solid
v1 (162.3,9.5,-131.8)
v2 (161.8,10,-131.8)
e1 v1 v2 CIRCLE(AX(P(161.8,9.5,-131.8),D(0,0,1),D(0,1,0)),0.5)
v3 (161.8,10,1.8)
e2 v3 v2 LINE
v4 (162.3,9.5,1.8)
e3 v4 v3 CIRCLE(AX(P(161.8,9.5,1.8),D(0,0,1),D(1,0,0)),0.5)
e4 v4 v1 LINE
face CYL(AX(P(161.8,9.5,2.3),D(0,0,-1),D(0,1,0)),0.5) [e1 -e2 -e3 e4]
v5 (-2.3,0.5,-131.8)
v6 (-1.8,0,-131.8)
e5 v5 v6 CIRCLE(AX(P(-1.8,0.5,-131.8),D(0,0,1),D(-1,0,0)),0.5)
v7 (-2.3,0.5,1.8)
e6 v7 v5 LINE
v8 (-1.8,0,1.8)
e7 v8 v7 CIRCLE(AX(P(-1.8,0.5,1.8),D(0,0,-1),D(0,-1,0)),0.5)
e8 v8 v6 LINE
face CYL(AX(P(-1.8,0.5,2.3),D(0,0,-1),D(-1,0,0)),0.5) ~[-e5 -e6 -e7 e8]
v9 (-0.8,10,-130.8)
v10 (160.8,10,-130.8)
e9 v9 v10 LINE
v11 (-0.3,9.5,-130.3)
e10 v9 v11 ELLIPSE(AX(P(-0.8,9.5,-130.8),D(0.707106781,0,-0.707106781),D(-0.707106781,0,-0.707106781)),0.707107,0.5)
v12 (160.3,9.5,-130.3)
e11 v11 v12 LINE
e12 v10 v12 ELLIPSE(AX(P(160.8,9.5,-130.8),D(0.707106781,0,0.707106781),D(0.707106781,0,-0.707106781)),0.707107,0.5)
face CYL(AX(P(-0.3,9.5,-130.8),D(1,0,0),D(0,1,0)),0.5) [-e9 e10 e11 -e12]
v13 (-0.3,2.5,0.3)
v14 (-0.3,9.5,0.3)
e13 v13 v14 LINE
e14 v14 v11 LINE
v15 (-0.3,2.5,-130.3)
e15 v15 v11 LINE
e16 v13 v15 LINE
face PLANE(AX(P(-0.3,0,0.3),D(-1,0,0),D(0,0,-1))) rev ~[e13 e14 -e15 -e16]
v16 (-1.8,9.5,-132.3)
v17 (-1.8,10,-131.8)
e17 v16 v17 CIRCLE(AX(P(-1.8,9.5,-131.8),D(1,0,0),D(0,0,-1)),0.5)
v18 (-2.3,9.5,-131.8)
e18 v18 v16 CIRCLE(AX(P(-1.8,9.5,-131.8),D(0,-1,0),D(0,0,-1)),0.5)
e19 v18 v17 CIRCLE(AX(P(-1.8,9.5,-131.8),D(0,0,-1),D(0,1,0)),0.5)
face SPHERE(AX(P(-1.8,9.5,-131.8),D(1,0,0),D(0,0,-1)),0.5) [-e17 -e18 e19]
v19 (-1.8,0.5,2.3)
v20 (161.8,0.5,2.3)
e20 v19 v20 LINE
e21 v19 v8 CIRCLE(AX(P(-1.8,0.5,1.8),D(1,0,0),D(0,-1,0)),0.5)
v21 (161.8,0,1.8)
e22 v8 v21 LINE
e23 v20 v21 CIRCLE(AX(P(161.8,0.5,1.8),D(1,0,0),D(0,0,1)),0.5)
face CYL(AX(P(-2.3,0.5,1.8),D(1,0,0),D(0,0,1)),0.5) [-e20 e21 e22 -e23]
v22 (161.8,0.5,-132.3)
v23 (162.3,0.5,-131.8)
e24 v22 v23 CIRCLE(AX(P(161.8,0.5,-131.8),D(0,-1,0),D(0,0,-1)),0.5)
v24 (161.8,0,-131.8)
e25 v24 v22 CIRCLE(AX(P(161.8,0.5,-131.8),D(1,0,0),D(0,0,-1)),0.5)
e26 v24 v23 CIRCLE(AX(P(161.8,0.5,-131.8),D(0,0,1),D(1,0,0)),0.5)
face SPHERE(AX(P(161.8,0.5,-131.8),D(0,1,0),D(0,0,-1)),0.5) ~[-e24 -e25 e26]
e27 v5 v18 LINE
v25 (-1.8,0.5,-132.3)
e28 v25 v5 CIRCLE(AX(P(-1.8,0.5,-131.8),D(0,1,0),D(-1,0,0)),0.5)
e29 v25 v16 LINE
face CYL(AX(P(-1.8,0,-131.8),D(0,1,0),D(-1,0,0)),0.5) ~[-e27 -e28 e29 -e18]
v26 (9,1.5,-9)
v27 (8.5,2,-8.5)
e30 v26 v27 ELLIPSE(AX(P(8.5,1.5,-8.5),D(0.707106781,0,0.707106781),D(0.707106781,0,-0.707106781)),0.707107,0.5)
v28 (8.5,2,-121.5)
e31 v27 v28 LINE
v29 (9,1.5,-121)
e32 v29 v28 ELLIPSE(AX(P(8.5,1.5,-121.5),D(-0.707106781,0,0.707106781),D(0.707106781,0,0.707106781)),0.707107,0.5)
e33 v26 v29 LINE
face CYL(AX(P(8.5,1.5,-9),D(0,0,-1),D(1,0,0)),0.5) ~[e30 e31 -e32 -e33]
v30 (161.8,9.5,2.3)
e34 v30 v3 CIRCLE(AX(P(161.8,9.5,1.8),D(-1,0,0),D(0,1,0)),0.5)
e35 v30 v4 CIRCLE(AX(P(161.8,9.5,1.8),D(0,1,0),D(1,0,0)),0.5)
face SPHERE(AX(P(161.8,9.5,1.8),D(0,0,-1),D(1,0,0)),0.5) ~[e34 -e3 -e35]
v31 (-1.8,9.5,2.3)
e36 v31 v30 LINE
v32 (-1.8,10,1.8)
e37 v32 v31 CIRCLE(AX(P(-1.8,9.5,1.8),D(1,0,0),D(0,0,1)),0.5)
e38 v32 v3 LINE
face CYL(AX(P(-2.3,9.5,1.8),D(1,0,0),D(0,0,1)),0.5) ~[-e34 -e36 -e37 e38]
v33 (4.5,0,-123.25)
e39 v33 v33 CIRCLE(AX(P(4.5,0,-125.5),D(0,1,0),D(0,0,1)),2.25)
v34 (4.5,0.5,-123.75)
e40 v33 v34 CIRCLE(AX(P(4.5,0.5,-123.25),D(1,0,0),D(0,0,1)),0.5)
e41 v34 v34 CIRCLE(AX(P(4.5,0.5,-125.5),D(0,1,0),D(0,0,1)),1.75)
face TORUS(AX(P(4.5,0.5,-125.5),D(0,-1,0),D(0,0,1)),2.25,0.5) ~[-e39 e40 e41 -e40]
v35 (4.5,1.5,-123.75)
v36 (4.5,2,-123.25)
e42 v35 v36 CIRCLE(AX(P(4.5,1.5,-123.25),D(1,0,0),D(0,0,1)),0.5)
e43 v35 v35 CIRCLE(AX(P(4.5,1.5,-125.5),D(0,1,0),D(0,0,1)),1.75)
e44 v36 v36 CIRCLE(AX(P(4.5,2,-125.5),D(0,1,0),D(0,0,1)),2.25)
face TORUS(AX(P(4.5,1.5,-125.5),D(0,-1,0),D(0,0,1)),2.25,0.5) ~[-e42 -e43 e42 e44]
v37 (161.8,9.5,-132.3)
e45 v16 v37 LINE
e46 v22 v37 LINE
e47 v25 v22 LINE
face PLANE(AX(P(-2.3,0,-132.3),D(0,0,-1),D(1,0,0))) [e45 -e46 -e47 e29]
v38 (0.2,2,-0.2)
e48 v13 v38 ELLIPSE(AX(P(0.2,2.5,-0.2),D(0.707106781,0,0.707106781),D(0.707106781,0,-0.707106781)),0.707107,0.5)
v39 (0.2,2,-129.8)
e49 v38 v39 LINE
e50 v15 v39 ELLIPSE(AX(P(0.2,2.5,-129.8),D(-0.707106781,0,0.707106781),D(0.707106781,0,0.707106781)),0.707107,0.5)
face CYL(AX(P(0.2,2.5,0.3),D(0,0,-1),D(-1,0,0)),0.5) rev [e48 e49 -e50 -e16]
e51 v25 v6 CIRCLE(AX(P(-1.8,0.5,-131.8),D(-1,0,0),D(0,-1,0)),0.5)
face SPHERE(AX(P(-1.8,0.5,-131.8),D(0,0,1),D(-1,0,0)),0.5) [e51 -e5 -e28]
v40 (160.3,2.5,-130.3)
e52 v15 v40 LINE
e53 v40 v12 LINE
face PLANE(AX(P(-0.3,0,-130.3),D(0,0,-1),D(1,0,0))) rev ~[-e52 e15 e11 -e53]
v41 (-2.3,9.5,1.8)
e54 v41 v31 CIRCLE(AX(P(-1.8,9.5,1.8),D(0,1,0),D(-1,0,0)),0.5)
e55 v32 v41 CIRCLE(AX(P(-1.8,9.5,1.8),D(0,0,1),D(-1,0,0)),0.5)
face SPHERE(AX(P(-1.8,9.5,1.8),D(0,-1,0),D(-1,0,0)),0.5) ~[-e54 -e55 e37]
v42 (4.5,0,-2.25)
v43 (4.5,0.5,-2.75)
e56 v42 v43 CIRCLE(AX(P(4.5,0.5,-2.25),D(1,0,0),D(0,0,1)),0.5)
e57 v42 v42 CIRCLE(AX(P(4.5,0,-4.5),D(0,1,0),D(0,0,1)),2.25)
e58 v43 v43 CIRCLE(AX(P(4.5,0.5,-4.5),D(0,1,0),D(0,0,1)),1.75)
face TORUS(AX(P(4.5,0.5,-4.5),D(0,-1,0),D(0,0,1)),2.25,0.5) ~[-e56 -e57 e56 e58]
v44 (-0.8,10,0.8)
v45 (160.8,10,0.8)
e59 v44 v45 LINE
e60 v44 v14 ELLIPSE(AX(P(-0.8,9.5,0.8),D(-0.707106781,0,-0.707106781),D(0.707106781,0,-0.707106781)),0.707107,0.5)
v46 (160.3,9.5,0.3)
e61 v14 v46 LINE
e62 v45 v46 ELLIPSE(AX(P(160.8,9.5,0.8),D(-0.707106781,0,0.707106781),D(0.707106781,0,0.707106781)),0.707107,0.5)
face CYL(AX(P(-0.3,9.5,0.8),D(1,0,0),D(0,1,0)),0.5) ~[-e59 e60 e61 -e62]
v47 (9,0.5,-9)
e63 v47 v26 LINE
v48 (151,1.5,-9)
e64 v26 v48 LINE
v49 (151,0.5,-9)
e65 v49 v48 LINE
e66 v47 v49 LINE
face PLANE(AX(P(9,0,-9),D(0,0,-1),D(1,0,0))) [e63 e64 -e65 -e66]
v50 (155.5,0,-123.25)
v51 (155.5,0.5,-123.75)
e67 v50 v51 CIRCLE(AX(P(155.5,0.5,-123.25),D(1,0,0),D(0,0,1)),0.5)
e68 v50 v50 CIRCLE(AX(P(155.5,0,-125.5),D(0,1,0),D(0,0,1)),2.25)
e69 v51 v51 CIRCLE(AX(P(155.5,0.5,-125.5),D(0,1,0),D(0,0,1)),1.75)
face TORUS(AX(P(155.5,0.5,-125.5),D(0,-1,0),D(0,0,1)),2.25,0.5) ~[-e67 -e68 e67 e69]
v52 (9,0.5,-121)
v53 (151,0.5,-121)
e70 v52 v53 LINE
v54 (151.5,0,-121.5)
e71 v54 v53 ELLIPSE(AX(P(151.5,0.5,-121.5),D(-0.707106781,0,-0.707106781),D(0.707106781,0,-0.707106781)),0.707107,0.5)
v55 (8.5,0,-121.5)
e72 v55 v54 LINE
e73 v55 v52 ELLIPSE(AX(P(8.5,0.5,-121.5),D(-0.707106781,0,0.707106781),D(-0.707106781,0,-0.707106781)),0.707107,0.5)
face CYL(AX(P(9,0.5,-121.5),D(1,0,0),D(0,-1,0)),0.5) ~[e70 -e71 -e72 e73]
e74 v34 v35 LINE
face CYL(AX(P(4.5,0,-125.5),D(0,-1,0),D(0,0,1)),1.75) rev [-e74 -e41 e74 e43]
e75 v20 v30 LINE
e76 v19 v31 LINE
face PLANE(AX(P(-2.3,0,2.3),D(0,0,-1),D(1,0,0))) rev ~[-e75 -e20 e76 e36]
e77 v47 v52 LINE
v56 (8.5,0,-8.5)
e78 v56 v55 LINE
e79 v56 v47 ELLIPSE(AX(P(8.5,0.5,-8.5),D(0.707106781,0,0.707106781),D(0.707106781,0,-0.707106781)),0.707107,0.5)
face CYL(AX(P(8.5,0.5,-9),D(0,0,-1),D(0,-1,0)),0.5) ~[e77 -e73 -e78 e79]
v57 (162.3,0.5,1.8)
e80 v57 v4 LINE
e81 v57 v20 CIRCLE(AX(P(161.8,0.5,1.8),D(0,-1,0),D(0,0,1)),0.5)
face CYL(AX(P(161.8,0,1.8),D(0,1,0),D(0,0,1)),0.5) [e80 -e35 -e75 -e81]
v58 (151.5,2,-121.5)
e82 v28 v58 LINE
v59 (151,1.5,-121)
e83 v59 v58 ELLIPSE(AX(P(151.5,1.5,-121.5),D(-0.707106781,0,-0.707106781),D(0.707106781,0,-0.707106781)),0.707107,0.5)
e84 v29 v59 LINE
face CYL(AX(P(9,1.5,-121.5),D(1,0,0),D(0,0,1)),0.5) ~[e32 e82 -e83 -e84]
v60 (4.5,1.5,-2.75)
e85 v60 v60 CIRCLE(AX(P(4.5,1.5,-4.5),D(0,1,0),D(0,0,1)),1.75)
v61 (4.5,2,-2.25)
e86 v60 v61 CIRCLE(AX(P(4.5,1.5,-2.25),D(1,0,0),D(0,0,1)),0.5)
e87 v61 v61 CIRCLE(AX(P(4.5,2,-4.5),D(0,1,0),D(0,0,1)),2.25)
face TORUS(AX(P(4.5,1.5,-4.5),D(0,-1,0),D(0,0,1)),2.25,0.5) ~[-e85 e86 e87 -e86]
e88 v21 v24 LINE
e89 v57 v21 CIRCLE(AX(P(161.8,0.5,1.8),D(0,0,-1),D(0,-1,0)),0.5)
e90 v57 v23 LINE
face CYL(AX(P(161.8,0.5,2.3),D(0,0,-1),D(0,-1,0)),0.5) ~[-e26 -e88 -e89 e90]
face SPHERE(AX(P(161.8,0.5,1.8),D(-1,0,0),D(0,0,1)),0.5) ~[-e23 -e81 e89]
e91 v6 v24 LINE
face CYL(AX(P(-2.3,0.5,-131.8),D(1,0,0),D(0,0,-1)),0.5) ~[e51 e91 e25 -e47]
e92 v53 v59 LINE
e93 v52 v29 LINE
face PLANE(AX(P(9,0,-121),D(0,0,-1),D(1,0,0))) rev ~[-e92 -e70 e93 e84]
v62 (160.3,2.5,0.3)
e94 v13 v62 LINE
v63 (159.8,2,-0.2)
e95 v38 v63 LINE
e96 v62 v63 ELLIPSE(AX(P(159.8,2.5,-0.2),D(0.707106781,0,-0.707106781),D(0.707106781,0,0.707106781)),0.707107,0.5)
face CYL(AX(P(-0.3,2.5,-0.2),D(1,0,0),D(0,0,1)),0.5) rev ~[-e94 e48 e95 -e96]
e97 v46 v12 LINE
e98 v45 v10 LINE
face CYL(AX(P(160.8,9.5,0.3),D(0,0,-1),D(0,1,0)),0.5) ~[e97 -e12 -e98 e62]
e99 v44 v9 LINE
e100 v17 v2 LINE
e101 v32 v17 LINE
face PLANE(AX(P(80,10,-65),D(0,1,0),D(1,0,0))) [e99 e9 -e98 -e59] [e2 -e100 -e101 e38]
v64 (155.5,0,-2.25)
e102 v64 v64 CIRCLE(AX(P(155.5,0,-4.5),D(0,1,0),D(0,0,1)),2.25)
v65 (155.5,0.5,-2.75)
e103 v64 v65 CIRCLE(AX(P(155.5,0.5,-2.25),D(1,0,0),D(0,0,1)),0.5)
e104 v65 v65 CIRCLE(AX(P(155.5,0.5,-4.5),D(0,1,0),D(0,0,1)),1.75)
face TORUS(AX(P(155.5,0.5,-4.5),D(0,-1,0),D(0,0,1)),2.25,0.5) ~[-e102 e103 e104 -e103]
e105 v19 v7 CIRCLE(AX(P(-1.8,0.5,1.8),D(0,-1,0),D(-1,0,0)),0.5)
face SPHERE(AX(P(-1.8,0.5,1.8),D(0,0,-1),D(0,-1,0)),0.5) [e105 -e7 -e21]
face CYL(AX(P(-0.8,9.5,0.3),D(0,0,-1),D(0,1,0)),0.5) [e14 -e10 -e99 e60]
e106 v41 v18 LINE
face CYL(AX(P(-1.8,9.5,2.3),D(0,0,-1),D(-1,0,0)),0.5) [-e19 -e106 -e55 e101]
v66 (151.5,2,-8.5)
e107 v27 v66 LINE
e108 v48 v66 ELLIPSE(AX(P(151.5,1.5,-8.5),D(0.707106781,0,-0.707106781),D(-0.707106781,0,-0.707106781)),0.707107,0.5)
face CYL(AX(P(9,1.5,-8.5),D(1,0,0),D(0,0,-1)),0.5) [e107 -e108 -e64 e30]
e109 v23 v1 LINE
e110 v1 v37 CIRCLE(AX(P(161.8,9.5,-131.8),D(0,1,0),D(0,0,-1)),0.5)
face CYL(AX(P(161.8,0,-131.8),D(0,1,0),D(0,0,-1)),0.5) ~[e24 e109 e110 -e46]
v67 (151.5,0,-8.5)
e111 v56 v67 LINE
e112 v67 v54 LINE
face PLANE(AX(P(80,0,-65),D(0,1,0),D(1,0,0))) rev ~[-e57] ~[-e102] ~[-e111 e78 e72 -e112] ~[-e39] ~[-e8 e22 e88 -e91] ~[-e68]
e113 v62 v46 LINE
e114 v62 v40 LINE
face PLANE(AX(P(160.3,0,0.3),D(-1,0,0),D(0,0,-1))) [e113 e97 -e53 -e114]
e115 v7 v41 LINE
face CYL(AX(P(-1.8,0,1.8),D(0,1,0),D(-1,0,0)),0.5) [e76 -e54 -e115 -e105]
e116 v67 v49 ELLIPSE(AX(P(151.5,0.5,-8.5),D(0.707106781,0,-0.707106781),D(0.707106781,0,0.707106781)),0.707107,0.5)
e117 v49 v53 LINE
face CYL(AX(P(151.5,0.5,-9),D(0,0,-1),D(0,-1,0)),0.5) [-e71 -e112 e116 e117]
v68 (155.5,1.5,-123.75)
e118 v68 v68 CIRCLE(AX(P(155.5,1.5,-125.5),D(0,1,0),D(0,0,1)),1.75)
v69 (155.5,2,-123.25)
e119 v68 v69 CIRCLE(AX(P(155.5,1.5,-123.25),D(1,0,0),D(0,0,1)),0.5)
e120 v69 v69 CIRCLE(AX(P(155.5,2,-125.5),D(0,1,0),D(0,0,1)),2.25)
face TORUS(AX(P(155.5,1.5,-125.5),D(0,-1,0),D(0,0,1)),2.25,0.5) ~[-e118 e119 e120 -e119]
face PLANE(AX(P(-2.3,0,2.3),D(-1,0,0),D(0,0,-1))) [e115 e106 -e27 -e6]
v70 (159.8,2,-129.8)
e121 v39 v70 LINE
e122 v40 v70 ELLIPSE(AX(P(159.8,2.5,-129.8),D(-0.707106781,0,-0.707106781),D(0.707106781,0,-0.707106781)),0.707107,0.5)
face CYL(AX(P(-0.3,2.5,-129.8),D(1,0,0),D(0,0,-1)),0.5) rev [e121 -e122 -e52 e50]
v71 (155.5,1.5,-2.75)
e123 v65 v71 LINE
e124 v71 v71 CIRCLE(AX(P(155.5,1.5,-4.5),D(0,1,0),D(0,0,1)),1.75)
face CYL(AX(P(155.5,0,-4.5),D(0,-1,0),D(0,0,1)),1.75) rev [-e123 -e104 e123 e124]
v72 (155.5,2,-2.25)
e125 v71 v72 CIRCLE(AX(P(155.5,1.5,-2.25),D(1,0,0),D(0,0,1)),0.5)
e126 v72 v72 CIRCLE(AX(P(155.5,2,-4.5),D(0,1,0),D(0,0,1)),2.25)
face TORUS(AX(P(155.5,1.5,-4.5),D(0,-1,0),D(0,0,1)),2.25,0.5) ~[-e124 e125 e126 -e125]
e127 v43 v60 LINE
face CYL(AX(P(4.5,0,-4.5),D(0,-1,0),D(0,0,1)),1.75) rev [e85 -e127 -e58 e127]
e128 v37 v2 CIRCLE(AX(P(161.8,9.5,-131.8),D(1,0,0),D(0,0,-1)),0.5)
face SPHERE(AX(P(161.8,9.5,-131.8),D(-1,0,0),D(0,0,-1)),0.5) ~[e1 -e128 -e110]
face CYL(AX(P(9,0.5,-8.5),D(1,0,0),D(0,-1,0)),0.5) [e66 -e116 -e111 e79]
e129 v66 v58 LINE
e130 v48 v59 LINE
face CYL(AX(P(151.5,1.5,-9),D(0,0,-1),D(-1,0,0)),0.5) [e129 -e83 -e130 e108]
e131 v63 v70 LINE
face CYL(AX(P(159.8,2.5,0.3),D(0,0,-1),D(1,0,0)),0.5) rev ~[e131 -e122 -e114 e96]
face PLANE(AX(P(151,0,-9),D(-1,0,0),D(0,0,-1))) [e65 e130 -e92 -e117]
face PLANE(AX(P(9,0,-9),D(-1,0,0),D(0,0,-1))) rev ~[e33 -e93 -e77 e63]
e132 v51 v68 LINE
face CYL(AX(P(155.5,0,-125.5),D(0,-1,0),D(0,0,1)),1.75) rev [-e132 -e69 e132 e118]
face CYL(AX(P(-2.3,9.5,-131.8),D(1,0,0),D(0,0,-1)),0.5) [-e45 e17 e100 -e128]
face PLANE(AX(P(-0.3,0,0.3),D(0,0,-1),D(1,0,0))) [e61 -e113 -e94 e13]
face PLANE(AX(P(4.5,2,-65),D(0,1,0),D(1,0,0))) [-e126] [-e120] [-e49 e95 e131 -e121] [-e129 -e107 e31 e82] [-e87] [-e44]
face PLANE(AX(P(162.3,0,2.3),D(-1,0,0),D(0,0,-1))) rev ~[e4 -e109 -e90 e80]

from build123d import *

# Parameters (mm, degrees)
SKETCH1_W           = 160.6
SKETCH1_H           = 130.6
SKETCH1_R           = 1.75
SKETCH1_W_2         = 142
SKETCH1_H_2         = 112
BOSS_EXTRUDE1_DEPTH = 2
SKETCH1_3_W         = 164.6
SKETCH1_3_H         = 134.6
SKETCH1_3_W_2       = 160.6
SKETCH1_3_H_2       = 130.6
BOSS_EXTRUDE2_DEPTH = 10
FILLET1_R           = 0.5


with BuildPart() as part:
    # Sketch1 → Boss-Extrude1 (new body)
    with BuildSketch(Plane(origin=(0, 0, 0), x_dir=(1, 0, 0), z_dir=(0, 1, 0))):
        with Locations((80, 65)):
            Rectangle(SKETCH1_W, SKETCH1_H)
        with Locations((4.5, 125.5)):
            Circle(SKETCH1_R, mode=Mode.SUBTRACT)
        with Locations((80, 65)):
            Rectangle(SKETCH1_W_2, SKETCH1_H_2, mode=Mode.SUBTRACT)
        with Locations((4.5, 4.5)):
            Circle(SKETCH1_R, mode=Mode.SUBTRACT)
        with Locations((155.5, 4.5)):
            Circle(SKETCH1_R, mode=Mode.SUBTRACT)
        with Locations((155.5, 125.5)):
            Circle(SKETCH1_R, mode=Mode.SUBTRACT)
    extrude(amount=BOSS_EXTRUDE1_DEPTH)

    # Sketch1<3> → Boss-Extrude2 (add)
    with BuildSketch(Plane(origin=(0, 0, 0), x_dir=(1, 0, 0), z_dir=(0, 1, 0))):
        with Locations((80, 65)):
            Rectangle(SKETCH1_3_W, SKETCH1_3_H)
        with Locations((80, 65)):
            Rectangle(SKETCH1_3_W_2, SKETCH1_3_H_2, mode=Mode.SUBTRACT)
    extrude(amount=BOSS_EXTRUDE2_DEPTH)

    # Fillet1
    fillet1_edges = [part.edges().sort_by_distance(p)[0] for p in [
        (162.3, 5, -132.3),
        (162.3, 5, 2.3),
        (-2.3, 5, -132.3),
        (-2.3, 5, 2.3),
        (-2.3, 0, -65),
        (80, 0, 2.3),
        (162.3, 0, -65),
        (80, 0, -132.3),
        (153.75, 0, -125.5),
        (153.75, 0, -4.5),
        (2.75, 0, -4.5),
        (2.75, 0, -125.5),
        (151, 0, -65),
        (80, 0, -9),
        (9, 0, -65),
        (80, 0, -121),
        (162.3, 10, -65),
        (80, 10, 2.3),
        (-2.3, 10, -65),
        (80, 10, -132.3),
        (80, 10, 0.3),
        (160.3, 10, -65),
        (80, 10, -130.3),
        (-0.3, 10, -65),
        (153.75, 2, -125.5),
        (153.75, 2, -4.5),
        (2.75, 2, -4.5),
        (2.75, 2, -125.5),
        (160.3, 2, -65),
        (80, 2, 0.3),
        (-0.3, 2, -65),
        (80, 2, -130.3),
        (9, 2, -65),
        (80, 2, -9),
        (151, 2, -65),
        (80, 2, -121),
    ]]
    fillet(fillet1_edges, radius=FILLET1_R)


solid = part.part
